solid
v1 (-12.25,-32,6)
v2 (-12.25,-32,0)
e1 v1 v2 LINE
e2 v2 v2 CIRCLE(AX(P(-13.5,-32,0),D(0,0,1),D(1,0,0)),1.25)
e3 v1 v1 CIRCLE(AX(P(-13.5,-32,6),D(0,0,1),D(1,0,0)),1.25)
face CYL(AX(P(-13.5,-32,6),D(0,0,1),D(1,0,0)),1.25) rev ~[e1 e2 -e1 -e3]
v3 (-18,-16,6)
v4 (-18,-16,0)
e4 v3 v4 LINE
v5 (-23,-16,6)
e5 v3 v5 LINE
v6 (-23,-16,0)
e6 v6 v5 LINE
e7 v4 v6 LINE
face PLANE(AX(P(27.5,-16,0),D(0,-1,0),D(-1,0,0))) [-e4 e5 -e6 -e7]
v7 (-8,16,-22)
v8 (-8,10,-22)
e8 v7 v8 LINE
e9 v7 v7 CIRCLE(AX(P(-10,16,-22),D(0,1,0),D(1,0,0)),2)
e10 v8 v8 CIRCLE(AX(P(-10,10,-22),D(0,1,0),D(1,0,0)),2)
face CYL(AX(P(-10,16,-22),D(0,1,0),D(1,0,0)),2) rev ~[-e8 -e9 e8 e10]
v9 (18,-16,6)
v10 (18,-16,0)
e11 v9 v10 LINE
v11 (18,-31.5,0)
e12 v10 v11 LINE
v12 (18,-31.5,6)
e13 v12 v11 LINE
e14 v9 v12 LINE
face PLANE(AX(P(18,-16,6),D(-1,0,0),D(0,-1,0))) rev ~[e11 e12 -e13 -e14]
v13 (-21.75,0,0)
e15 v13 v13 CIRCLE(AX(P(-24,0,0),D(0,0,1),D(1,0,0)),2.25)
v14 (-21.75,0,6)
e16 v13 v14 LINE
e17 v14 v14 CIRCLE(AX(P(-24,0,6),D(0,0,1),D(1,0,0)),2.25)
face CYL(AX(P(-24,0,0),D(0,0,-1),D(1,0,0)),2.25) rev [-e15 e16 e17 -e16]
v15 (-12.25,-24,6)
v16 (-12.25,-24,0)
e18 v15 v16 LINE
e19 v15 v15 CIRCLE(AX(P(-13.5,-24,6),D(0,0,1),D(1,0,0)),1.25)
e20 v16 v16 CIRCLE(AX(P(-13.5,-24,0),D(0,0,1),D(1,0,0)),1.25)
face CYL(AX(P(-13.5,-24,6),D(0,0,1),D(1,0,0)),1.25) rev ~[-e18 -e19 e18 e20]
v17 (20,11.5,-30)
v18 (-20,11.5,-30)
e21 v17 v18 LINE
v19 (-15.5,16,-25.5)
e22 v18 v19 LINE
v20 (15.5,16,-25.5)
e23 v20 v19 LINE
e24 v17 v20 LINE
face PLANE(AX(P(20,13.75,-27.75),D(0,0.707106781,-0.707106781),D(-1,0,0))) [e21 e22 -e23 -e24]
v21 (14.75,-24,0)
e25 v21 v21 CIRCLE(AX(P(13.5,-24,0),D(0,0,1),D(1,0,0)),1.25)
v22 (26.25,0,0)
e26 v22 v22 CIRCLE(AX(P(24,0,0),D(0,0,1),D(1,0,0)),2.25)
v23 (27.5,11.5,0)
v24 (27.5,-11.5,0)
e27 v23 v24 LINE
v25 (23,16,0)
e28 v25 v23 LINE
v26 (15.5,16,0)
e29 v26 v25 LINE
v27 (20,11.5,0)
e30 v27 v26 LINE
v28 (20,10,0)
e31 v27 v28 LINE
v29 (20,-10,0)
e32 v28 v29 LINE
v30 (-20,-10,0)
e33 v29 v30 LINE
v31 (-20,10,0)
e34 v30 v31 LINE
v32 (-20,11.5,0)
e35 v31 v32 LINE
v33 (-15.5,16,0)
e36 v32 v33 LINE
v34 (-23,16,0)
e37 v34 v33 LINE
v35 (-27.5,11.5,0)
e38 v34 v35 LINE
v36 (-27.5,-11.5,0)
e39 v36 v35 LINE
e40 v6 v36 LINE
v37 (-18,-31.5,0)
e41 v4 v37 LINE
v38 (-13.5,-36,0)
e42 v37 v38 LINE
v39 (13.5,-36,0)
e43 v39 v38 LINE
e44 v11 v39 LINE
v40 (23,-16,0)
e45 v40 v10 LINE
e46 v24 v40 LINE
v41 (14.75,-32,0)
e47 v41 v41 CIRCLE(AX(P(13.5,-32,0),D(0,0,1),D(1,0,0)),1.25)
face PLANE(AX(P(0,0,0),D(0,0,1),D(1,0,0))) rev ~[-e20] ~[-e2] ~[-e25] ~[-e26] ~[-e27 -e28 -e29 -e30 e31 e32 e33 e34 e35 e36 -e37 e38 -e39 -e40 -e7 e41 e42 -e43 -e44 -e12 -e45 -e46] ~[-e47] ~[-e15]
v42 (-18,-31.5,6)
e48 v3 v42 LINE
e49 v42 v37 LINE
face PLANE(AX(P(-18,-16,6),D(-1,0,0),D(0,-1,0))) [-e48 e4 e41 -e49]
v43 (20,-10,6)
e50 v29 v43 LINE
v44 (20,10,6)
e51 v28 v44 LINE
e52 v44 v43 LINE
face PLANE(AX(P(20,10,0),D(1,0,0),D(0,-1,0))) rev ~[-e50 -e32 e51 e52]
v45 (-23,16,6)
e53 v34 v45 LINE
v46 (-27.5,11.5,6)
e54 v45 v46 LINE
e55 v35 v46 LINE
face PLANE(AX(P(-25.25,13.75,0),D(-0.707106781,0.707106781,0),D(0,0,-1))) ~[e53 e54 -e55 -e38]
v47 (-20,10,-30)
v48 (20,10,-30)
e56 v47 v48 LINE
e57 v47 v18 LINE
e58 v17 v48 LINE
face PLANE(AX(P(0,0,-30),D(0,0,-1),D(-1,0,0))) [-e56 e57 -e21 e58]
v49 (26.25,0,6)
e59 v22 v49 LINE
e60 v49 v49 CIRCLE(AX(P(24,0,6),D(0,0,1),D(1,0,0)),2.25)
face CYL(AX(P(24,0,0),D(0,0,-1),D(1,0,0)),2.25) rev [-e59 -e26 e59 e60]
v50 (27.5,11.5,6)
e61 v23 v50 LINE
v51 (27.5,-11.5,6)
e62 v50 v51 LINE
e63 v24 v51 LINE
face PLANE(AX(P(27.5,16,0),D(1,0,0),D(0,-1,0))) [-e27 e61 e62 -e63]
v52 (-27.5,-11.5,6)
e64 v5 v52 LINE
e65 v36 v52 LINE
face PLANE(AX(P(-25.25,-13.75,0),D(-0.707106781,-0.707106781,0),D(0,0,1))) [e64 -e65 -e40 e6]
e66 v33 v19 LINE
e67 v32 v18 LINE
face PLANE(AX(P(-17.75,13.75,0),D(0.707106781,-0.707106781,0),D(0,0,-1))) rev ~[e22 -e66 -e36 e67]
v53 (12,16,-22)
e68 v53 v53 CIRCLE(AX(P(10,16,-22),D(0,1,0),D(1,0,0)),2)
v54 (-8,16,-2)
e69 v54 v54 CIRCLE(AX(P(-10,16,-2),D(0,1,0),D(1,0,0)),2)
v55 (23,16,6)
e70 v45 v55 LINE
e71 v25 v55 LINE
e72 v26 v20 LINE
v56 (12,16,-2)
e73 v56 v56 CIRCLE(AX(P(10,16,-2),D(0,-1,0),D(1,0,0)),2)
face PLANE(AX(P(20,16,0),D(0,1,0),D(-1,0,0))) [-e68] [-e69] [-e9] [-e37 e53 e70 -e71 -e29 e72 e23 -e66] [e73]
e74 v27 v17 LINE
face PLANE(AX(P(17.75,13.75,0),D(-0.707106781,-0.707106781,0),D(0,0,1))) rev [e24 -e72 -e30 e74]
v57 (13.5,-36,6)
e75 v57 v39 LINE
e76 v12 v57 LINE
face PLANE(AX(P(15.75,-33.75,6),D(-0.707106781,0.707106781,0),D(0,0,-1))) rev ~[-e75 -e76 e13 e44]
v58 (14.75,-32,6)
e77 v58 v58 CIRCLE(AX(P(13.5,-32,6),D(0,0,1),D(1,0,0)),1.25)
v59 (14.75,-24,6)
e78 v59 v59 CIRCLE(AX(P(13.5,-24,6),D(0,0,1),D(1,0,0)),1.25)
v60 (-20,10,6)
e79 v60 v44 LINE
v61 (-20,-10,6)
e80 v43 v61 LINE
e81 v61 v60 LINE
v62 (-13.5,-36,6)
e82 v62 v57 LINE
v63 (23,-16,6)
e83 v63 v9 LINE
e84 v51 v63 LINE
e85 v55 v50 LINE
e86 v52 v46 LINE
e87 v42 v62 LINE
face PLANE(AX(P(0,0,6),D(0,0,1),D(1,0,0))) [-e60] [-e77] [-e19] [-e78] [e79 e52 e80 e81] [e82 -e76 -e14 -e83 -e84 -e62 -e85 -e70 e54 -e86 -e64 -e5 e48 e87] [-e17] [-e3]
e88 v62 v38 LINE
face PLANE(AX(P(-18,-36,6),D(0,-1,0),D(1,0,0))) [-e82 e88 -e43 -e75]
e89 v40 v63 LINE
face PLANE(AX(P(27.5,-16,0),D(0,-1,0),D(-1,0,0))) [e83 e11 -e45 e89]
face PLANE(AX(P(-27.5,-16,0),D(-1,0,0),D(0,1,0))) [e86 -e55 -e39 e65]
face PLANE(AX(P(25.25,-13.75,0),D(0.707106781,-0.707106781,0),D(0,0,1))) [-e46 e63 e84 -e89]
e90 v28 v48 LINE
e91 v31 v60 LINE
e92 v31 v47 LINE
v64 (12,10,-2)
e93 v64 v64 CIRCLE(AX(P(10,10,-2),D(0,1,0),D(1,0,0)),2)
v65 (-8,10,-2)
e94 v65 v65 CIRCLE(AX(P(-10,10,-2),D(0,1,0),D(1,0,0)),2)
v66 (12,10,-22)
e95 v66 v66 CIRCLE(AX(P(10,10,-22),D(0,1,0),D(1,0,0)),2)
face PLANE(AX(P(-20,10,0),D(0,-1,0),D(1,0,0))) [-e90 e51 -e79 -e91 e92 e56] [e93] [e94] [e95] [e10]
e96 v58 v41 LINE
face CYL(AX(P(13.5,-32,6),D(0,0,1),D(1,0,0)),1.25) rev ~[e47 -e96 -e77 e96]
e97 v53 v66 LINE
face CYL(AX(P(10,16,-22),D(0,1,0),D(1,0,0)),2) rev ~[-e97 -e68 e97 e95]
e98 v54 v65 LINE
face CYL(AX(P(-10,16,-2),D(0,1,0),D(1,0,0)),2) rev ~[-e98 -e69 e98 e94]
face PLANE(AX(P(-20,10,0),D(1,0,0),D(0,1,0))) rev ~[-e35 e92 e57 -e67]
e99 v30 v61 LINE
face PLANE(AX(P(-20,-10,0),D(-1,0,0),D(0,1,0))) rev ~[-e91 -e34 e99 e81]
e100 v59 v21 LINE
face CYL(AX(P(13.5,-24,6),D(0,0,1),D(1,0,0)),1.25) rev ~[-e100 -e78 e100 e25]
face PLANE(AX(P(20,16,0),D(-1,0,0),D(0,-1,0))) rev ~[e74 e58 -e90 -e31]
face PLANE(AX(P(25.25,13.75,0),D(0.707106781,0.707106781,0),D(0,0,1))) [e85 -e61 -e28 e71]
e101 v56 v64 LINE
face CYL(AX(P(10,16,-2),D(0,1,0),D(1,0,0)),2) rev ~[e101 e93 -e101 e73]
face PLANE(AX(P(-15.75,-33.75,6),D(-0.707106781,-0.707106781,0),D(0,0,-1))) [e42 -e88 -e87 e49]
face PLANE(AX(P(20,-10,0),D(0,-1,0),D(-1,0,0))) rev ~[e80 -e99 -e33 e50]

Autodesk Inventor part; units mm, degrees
ref_plane "YZ Plane" through (0, 0, 0) normal (1, 0, 0) x (0, 1, 0)
ref_plane "XZ Plane" through (0, 0, 0) normal (0, 1, 0) x (-1, 0, 0)
ref_plane "XY Plane" through (0, 0, 0) normal (0, 0, 1) x (1, 0, 0)
sketch "Sketch1" plane through (0, 0, 0) normal (0, 0, 1) x (1, 0, 0)
  line L0 (-20, 10) -> (20, 10)
  line L1 (20, 10) -> (20, -10)
  line L2 (20, -10) -> (-20, -10)
  line L3 (-20, -10) -> (-20, 10)
  line L4 (-20, 10) -> (20, -10) construction
  line L5 (20, 10) -> (-20, -10) construction
  line L6 (-27.5, 16) -> (27.5, 16)
  line L7 (27.5, 16) -> (27.5, -16)
  line L8 (27.5, -16) -> (-27.5, -16)
  line L9 (-27.5, -16) -> (-27.5, 16)
  line L10 (-27.5, 16) -> (27.5, -16) construction
  line L11 (27.5, 16) -> (-27.5, -16) construction
  line L12 (0, 0) -> (0, 16) construction
  circle A0 centre (-24, 0) radius 2.25
  circle A1 centre (24, 0) radius 2.25
  dimension "d0" = 40
  dimension "d1" = 20
  dimension "d2" = 32
  dimension "d3" = 55
  dimension "d4" = 4.5
  dimension "d5" = 24
extrude "Extrusion1" add sketch "Sketch1" along normal blind 6
chamfer "Chamfer1" distance 4.5 angle 45 4 edges at (27.5, 16, 3) (27.5, -16, 3) (-27.5, -16, 3) (-27.5, 16, 3)
sketch "Sketch3" plane through (0, 0, 6) normal (0, 0, 1) x (1, 0, 0)
  line L0 (-23, -16) -> (23, -16) projected
  line L1 (0, -16) -> (-18, -16)
  line L2 (-18, -16) -> (-18, -36)
  line L3 (-18, -36) -> (0, -36)
  line L4 (0, -36) -> (0, -16)
  circle A0 centre (-13.5, -24) radius 1.25
  line L5 (-13.5, -24) -> (-13.5, -32) construction
  circle A1 centre (-13.5, -32) radius 1.25
  line L6 (23, -16) -> (-23, -16)
  line L7 (18, -16) -> (18, -36)
  line L8 (18, -36) -> (0, -36)
  circle A2 centre (13.5, -24) radius 1.25
  circle A3 centre (13.5, -32) radius 1.25
  line L9 (-27.5, 11.5) -> (-27.5, -11.5) projected
  point P0 (0, 0)
  dimension "d17" = 18
  dimension "d18" = 20
  dimension "d19" = 2.5
  dimension "d20" = 2.5
  dimension "d21" = 8
  dimension "d22" = 16
  dimension "d26" = 13.5
extrude "Extrusion3" add sketch "Sketch3" against normal blind 6
chamfer "Chamfer2" distance 4.5 angle 45 2 edges at (18, -36, 3) (-18, -36, 3)
sketch "Sketch6" plane through (0, 0, 0) normal (0, 0, -1) x (-1, 0, 0)
  line L0 (20, 10) -> (-20, 10) projected
  line L1 (-23, 16) -> (23, 16) projected
  line L2 (-20, 10) -> (20, 10)
  line L3 (20, 10) -> (20, 16)
  line L4 (20, 16) -> (-20, 16)
  line L5 (-20, 16) -> (-20, 10)
  point P0 (0, 0)
  dimension "d30" = 40
extrude "Extrusion4" add sketch "Sketch6" along normal blind 30
chamfer "Chamfer3" distance 4.5 angle 45 3 edges at (-20, 16, -15) (20, 16, -15) (0, 16, -30)
sketch "Sketch2" plane through (-23, 16, 0) normal (0, 1, 0) x (1, 0, 0)
  line L0 (50.5, -6) -> (50.5, 0) projected
  line L1 (50.5, -3) -> (-4.5, -3) construction
  line L2 (-4.5, 0) -> (-4.5, -6) projected
  line L3 (23, 0) -> (23, -6) construction
  line L4 (33, -3) -> (33, 2)
  circle A0 centre (33, 2) radius 2
  circle A1 centre (13, 2) radius 2
  circle A2 centre (33, 22) radius 2
  circle A3 centre (13, 22) radius 2
  dimension "d11" = 10
  dimension "d36" = 5
  dimension "d37" = 4
  dimension "d40" = 20
  dimension "d43" = 20
extrude "Extrusion2" cut sketch "Sketch2" against normal blind 10
properties part number "ServoCarrier"
